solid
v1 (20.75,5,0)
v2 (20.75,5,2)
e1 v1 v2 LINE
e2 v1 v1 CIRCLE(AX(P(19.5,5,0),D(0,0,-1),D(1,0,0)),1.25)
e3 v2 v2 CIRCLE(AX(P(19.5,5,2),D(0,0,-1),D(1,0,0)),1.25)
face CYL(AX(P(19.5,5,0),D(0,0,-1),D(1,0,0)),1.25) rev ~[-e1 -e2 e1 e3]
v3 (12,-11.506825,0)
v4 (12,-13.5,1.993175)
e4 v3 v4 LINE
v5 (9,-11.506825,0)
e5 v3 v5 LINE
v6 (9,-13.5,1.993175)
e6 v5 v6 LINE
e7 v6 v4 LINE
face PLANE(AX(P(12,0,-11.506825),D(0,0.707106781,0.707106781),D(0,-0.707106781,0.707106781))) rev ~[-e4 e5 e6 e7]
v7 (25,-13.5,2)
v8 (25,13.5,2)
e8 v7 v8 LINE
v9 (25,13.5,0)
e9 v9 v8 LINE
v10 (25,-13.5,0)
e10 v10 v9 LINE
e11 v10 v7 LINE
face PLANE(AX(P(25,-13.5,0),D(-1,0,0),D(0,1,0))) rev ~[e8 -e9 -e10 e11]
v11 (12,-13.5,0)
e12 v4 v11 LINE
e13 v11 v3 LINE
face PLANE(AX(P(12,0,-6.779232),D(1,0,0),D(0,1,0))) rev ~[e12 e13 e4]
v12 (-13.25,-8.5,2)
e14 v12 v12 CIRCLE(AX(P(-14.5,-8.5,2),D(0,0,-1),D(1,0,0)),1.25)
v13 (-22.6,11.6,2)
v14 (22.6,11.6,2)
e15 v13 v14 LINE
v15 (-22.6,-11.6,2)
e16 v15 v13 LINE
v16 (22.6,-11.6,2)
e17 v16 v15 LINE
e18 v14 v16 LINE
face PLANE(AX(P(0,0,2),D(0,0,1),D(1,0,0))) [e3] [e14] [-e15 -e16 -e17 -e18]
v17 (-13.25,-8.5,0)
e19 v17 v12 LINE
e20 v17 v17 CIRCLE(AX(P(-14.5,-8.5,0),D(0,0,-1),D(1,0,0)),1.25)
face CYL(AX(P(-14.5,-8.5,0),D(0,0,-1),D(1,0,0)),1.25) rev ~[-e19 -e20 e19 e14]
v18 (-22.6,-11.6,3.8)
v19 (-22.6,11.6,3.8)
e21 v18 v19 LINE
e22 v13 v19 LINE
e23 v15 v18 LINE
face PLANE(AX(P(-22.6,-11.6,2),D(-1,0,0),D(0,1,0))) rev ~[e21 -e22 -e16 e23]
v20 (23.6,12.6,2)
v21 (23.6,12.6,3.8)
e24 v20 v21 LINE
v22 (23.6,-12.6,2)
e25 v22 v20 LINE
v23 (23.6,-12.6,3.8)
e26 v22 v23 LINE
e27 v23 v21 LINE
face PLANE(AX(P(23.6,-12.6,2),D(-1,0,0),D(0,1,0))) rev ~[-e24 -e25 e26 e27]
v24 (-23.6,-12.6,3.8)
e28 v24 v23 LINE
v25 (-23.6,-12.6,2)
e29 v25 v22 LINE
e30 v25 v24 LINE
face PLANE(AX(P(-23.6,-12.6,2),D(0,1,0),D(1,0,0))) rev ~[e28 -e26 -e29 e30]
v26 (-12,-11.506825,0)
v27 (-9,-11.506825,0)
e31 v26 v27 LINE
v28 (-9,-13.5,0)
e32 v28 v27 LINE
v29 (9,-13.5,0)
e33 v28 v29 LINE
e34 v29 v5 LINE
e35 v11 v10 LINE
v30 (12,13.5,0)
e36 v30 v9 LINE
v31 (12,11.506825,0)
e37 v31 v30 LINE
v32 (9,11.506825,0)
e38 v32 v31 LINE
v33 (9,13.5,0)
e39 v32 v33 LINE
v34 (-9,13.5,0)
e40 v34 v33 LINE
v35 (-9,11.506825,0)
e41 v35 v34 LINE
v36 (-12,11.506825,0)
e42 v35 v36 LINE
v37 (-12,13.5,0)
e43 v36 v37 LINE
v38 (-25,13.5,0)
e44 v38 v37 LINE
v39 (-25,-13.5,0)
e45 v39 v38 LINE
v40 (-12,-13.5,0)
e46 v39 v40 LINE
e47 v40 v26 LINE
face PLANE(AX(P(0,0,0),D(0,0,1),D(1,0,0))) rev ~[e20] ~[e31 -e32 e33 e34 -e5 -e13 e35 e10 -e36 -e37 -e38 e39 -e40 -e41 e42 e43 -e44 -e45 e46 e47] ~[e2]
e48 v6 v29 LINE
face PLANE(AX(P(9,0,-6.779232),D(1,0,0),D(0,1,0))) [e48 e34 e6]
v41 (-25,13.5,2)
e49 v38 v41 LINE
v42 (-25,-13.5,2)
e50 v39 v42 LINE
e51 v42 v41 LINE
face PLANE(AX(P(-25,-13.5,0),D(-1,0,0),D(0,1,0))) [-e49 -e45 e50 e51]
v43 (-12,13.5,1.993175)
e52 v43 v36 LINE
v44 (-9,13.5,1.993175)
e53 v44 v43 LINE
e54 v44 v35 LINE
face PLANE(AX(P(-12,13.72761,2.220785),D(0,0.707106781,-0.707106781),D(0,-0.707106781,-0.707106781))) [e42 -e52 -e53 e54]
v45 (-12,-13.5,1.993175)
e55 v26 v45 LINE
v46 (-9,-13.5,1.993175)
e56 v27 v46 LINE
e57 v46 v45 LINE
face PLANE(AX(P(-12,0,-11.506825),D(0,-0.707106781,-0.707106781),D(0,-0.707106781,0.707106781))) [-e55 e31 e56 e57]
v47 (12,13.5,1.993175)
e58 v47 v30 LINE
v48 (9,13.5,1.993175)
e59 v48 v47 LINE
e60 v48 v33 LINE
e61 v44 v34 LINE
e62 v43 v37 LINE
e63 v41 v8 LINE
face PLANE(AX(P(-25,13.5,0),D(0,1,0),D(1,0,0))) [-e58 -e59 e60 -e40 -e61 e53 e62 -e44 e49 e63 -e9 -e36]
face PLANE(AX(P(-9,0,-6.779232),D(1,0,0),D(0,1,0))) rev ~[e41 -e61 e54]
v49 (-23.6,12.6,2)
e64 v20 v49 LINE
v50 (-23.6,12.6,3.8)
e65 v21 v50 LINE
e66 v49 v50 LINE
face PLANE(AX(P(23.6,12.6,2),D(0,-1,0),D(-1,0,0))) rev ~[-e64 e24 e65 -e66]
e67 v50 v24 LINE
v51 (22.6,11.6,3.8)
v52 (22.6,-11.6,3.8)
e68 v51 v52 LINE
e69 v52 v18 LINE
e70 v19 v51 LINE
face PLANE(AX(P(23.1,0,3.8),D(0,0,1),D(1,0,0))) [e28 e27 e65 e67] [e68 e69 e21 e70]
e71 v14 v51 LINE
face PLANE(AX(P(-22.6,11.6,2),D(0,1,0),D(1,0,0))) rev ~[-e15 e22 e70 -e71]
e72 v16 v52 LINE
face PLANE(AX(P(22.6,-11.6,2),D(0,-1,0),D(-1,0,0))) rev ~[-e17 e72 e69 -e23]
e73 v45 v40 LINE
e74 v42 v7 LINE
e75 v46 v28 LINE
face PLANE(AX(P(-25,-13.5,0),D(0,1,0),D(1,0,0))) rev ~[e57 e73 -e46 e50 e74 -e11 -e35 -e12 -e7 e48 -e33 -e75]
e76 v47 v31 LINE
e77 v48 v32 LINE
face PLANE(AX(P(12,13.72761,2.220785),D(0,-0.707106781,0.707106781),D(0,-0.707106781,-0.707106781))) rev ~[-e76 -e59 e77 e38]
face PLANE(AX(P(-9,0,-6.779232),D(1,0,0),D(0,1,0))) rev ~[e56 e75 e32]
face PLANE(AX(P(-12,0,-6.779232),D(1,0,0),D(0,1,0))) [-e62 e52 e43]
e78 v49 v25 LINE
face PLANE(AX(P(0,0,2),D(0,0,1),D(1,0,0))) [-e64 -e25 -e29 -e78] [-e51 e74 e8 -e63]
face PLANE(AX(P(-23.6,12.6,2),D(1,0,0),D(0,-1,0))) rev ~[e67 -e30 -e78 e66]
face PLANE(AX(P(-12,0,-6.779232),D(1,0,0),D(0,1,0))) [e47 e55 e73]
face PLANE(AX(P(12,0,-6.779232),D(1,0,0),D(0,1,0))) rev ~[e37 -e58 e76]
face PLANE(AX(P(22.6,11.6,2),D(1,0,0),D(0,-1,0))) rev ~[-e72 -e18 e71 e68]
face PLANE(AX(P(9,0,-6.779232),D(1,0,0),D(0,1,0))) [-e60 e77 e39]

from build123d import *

# Parameters (mm, degrees)
F0_W      = 50
F0_H      = 27
F1_DEPTH  = 2
F2_W      = 1
F2_H      = 23.2
F2_H_2    = 0.3
F3_DEPTH  = 1.8
F4_R      = 1.25
F5_DEPTH  = 2
F11_DEPTH = 3
F12_DEPTH = 3


with BuildPart() as f1:
    # F0 (on Top) → F1 (new body)
    with BuildSketch(Plane.XY):
        Rectangle(F0_W, F0_H)
    extrude(amount=F1_DEPTH)

    # F2 (on face) → F3 (join)
    with BuildSketch(Plane.XY.offset(2)):
        with Locations((23.1, 0)):
            Rectangle(F2_W, F2_H)
        with Locations((23.1, 11.75)):
            Rectangle(F2_W, F2_H_2)
        Polygon((-22.6, 11.6), (22.6, 11.6), (22.6, 11.9), (23.6, 11.9), (23.6, 12.6), (-23.6, 12.6), (-23.6, 11.9), (-22.6, 11.9), align=None)
        with Locations((23.1, -11.75)):
            Rectangle(F2_W, F2_H_2)
        with Locations((-23.1, 0)):
            Rectangle(F2_W, F2_H)
        with Locations((-23.1, 11.75)):
            Rectangle(F2_W, F2_H_2)
        Polygon((22.6, -11.9), (22.6, -11.6), (-22.6, -11.6), (-22.6, -11.9), (-23.6, -11.9), (-23.6, -12.6), (23.6, -12.6), (23.6, -11.9), align=None)
        with Locations((-23.1, -11.75)):
            Rectangle(F2_W, F2_H_2)
    extrude(amount=F3_DEPTH)

    # F4 (on face) → F5 (cut)
    with BuildSketch(Plane(origin=(0, 0, 0), x_dir=(1, 0, 0), z_dir=(0, 0, -1))):
        with Locations((-14.5, 8.5)):
            Circle(F4_R)
        with Locations((19.5, -5)):
            Circle(F4_R)
    extrude(amount=-F5_DEPTH, mode=Mode.SUBTRACT)

    # F9 (on offset) → F11 (cut)
    with BuildSketch(Plane.YZ.offset(12)):
        Polygon((0, -11.506825), (-13.72761, 2.220785), (-13.72761, -11.823715), (0, -11.823715), (13.72761, -11.823715), (13.72761, 2.220785), align=None)
    extrude(amount=-F11_DEPTH, mode=Mode.SUBTRACT)

    # F10 (on offset) → F12 (cut)
    with BuildSketch(Plane.YZ.offset(-12)):
        Polygon((0, -11.506825), (-13.72761, 2.220785), (-13.72761, -11.823715), (0, -11.823715), (13.72761, -11.823715), (13.72761, 2.220785), align=None)
    extrude(amount=F12_DEPTH, mode=Mode.SUBTRACT)


solid = f1.part
